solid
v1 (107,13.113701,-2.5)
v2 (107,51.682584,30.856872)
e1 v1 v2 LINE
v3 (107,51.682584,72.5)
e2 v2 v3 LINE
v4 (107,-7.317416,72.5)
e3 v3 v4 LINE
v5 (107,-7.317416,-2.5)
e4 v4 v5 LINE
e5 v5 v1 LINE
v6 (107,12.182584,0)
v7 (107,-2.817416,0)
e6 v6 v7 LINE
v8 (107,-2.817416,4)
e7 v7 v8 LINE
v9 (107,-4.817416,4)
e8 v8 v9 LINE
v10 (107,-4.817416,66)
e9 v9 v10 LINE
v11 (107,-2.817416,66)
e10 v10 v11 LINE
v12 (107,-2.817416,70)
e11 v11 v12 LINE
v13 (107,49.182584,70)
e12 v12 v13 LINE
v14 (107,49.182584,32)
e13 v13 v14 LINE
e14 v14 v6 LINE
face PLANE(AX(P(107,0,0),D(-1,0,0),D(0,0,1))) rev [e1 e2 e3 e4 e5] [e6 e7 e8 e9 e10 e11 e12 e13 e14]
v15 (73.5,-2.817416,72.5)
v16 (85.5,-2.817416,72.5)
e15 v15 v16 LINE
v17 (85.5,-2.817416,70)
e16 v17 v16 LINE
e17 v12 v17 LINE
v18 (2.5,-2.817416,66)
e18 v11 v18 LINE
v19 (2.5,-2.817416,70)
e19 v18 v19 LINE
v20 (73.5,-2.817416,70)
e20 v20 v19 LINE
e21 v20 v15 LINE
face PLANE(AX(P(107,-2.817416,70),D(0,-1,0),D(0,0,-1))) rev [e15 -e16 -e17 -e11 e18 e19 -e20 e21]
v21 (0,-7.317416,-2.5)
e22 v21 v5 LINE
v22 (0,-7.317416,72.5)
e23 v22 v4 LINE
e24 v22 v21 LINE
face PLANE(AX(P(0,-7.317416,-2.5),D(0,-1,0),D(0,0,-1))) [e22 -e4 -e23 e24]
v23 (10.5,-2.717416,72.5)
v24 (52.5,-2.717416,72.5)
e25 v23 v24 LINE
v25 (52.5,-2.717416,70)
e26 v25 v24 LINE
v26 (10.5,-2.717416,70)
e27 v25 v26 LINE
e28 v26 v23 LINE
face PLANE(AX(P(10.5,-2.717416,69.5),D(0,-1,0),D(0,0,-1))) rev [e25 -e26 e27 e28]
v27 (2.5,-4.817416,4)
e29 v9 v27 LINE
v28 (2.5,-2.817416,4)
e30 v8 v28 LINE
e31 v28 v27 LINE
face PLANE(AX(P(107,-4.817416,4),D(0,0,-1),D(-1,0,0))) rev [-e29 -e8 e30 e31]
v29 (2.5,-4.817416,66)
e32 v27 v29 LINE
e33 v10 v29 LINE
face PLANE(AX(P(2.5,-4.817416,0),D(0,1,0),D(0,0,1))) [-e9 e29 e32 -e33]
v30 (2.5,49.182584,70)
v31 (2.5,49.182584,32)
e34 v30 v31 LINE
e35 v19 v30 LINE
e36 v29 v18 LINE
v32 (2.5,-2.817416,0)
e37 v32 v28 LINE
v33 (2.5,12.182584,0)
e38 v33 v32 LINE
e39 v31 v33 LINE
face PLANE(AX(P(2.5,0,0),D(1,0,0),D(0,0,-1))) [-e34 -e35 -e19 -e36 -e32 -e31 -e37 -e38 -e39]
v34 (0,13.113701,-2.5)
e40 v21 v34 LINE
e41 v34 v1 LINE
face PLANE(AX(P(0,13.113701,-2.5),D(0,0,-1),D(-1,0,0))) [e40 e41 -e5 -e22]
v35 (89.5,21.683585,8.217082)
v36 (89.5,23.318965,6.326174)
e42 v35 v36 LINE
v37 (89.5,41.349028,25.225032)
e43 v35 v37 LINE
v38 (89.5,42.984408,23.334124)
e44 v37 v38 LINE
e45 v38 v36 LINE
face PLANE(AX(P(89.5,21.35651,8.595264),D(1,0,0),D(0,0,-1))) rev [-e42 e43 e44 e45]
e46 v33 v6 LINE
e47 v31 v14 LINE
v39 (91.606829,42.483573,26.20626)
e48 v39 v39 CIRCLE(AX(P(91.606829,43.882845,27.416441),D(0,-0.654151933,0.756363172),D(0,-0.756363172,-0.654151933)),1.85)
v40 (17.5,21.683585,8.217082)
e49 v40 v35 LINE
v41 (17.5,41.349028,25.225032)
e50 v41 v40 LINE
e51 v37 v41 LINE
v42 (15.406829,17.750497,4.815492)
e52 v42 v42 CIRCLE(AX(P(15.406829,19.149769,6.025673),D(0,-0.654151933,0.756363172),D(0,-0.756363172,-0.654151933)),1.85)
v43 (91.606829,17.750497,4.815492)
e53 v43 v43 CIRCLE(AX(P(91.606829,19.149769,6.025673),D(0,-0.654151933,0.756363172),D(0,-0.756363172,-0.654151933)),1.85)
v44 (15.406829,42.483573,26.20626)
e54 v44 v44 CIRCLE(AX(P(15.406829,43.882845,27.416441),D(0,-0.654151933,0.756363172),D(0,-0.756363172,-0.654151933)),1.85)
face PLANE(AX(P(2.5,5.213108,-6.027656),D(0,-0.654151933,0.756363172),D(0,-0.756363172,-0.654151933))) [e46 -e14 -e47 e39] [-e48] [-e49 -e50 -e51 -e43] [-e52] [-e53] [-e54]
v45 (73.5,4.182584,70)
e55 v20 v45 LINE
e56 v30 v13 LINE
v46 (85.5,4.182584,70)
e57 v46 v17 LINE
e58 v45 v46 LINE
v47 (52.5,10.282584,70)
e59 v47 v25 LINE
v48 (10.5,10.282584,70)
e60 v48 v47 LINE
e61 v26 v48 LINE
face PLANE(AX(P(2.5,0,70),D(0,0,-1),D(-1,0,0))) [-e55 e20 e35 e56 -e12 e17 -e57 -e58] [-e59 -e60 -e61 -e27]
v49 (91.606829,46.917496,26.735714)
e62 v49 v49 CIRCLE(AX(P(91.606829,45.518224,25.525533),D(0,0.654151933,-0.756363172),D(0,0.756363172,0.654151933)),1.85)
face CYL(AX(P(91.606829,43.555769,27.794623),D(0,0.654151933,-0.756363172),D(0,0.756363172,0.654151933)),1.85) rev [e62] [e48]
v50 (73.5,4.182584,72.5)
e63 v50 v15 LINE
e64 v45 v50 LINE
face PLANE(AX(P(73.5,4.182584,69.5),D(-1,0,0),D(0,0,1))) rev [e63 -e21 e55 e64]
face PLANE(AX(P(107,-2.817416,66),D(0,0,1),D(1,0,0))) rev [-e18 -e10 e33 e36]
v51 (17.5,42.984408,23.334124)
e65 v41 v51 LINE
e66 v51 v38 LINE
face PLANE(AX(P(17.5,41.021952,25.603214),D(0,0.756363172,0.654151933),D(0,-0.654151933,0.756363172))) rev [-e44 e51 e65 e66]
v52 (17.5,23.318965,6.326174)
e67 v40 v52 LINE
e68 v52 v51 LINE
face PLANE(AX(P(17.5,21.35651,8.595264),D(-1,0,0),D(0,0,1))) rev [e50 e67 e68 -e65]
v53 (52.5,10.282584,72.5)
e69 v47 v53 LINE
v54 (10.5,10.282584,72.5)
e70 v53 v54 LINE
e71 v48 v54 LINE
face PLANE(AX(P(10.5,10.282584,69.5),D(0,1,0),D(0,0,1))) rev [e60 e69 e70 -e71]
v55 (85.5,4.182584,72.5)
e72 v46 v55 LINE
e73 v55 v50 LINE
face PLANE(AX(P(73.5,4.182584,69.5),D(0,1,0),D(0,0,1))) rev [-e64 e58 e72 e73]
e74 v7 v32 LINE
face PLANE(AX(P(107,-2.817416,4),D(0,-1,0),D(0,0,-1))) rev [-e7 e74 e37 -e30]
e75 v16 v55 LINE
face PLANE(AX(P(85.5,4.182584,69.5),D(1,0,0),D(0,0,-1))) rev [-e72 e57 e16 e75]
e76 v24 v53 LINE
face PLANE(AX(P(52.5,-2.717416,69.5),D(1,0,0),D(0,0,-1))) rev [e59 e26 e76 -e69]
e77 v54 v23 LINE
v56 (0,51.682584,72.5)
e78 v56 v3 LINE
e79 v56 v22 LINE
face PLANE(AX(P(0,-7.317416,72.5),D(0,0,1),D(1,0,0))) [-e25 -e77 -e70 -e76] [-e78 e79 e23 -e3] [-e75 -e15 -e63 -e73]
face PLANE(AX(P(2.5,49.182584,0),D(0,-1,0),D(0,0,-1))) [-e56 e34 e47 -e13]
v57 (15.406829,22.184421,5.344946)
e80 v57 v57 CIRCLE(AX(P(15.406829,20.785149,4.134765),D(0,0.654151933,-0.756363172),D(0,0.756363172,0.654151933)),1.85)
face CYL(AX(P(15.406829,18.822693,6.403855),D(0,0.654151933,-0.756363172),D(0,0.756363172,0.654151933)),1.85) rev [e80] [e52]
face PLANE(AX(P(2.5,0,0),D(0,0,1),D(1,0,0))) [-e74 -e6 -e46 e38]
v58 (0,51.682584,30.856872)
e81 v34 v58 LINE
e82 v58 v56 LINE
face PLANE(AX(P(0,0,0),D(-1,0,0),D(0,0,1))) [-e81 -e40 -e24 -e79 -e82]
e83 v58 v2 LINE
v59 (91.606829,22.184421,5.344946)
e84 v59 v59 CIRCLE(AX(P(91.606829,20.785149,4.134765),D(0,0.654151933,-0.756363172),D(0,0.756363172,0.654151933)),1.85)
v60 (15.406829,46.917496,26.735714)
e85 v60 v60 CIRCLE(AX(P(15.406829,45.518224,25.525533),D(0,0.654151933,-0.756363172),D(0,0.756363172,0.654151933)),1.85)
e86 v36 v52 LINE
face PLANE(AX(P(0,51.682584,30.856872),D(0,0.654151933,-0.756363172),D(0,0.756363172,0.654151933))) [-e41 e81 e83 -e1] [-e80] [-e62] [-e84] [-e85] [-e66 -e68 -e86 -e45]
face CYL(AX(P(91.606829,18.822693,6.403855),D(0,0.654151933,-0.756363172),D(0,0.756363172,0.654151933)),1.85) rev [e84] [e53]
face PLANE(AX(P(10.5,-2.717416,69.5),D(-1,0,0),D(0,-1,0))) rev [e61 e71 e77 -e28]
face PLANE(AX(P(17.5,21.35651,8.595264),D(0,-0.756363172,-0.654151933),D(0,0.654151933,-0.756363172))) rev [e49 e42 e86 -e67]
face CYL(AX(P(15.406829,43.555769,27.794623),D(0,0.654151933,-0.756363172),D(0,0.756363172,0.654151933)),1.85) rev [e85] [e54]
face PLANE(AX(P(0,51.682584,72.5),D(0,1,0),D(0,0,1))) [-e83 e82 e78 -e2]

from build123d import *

# Parameters (mm, degrees)
BOSS_EXTRUDE2_DEPTH = 107
BOSS_EXTRUDE3_DEPTH = 107
CUT_EXTRUDE4_DEPTH  = 104.5
SKETCH4_W           = 4
SKETCH4_H           = 2
BOSS_EXTRUDE4_DEPTH = 104.5
SKETCH6_W           = 42
SKETCH6_H           = 13
CUT_EXTRUDE5_DEPTH  = 3
SKETCH7_W           = 12
SKETCH7_H           = 7
CUT_EXTRUDE6_DEPTH  = 3
SKETCH8_W           = 72
SKETCH8_H           = 26
CUT_EXTRUDE7_DEPTH  = 3
SKETCH9_R           = 1.85
CUT_EXTRUDE8_DEPTH  = 3


with BuildPart() as part:
    # Sketch1 → Boss-Extrude2 (new body)
    with BuildSketch(Plane(origin=(0, 0, 0), x_dir=(0, 0, -1), z_dir=(1, 0, 0))):
        Polygon((-70, 49.18258427), (-32, 49.18258427), (0, 12.18258427), (0, -4.81741573), (-70, -4.81741573), align=None)
    extrude(amount=BOSS_EXTRUDE2_DEPTH)

    # Sketch2 → Boss-Extrude3 (add)
    with BuildSketch(Plane(origin=(107, 0, 0), x_dir=(0, 0, -1), z_dir=(1, 0, 0))):
        Polygon((-72.5, -7.31741573), (-72.5, 51.68258427), (-30.856871673, 51.68258427), (2.5, 13.113701397), (2.5, -7.31741573), align=None)
        Polygon((-70, 49.18258427), (-32, 49.18258427), (0, 12.18258427), (0, -4.81741573), (-70, -4.81741573), align=None, mode=Mode.SUBTRACT)
    extrude(amount=-BOSS_EXTRUDE3_DEPTH)

    # Sketch3 → Cut-Extrude4 (cut)
    with BuildSketch(Plane(origin=(107, 0, 0), x_dir=(0, 0, -1), z_dir=(1, 0, 0))):
        Polygon((0, -4.81741573), (-70, -4.81741573), (-70, 49.18258427), (-32, 49.18258427), (0, 12.18258427), align=None)
    extrude(amount=-CUT_EXTRUDE4_DEPTH, mode=Mode.SUBTRACT)

    # Sketch4 → Boss-Extrude4 (add)
    with BuildSketch(Plane(origin=(2.5, 0, 0), x_dir=(0, 0, -1), z_dir=(1, 0, 0))):
        with Locations((-68, -3.81741573)):
            Rectangle(SKETCH4_W, SKETCH4_H)
        with Locations((-2, -3.81741573)):
            Rectangle(SKETCH4_W, SKETCH4_H)
    extrude(amount=BOSS_EXTRUDE4_DEPTH)

    # Sketch6 → Cut-Extrude5 (cut)
    with BuildSketch(Plane.XY.offset(72.5)):
        with Locations((31.5, 3.78258427)):
            Rectangle(SKETCH6_W, SKETCH6_H)
    extrude(amount=-CUT_EXTRUDE5_DEPTH, mode=Mode.SUBTRACT)

    # Sketch7 → Cut-Extrude6 (cut)
    with BuildSketch(Plane.XY.offset(72.5)):
        with Locations((79.5, 0.68258427)):
            Rectangle(SKETCH7_W, SKETCH7_H)
    extrude(amount=-CUT_EXTRUDE6_DEPTH, mode=Mode.SUBTRACT)

    # Sketch8 → Cut-Extrude7 (cut)
    with BuildSketch(Plane(origin=(0, 6.848487351, -7.9185635), x_dir=(-1, 0, 0), z_dir=(0, 0.654151933, -0.756363172))):
        with Locations((-53.5, 34.775885648)):
            Rectangle(SKETCH8_W, SKETCH8_H)
    extrude(amount=-CUT_EXTRUDE7_DEPTH, mode=Mode.SUBTRACT)

    # Sketch9 → Cut-Extrude8 (cut)
    with BuildSketch(Plane(origin=(0, 6.848487351, -7.9185635), x_dir=(-1, 0, 0), z_dir=(0, 0.654151933, -0.756363172))):
        with Locations((-91.606829089, 51.125885648)):
            Circle(SKETCH9_R)
        with Locations((-15.406829089, 51.125885648)):
            Circle(SKETCH9_R)
        with Locations((-15.406829089, 18.425885648)):
            Circle(SKETCH9_R)
        with Locations((-91.606829089, 18.425885648)):
            Circle(SKETCH9_R)
    extrude(amount=-CUT_EXTRUDE8_DEPTH, mode=Mode.SUBTRACT)


solid = part.part
